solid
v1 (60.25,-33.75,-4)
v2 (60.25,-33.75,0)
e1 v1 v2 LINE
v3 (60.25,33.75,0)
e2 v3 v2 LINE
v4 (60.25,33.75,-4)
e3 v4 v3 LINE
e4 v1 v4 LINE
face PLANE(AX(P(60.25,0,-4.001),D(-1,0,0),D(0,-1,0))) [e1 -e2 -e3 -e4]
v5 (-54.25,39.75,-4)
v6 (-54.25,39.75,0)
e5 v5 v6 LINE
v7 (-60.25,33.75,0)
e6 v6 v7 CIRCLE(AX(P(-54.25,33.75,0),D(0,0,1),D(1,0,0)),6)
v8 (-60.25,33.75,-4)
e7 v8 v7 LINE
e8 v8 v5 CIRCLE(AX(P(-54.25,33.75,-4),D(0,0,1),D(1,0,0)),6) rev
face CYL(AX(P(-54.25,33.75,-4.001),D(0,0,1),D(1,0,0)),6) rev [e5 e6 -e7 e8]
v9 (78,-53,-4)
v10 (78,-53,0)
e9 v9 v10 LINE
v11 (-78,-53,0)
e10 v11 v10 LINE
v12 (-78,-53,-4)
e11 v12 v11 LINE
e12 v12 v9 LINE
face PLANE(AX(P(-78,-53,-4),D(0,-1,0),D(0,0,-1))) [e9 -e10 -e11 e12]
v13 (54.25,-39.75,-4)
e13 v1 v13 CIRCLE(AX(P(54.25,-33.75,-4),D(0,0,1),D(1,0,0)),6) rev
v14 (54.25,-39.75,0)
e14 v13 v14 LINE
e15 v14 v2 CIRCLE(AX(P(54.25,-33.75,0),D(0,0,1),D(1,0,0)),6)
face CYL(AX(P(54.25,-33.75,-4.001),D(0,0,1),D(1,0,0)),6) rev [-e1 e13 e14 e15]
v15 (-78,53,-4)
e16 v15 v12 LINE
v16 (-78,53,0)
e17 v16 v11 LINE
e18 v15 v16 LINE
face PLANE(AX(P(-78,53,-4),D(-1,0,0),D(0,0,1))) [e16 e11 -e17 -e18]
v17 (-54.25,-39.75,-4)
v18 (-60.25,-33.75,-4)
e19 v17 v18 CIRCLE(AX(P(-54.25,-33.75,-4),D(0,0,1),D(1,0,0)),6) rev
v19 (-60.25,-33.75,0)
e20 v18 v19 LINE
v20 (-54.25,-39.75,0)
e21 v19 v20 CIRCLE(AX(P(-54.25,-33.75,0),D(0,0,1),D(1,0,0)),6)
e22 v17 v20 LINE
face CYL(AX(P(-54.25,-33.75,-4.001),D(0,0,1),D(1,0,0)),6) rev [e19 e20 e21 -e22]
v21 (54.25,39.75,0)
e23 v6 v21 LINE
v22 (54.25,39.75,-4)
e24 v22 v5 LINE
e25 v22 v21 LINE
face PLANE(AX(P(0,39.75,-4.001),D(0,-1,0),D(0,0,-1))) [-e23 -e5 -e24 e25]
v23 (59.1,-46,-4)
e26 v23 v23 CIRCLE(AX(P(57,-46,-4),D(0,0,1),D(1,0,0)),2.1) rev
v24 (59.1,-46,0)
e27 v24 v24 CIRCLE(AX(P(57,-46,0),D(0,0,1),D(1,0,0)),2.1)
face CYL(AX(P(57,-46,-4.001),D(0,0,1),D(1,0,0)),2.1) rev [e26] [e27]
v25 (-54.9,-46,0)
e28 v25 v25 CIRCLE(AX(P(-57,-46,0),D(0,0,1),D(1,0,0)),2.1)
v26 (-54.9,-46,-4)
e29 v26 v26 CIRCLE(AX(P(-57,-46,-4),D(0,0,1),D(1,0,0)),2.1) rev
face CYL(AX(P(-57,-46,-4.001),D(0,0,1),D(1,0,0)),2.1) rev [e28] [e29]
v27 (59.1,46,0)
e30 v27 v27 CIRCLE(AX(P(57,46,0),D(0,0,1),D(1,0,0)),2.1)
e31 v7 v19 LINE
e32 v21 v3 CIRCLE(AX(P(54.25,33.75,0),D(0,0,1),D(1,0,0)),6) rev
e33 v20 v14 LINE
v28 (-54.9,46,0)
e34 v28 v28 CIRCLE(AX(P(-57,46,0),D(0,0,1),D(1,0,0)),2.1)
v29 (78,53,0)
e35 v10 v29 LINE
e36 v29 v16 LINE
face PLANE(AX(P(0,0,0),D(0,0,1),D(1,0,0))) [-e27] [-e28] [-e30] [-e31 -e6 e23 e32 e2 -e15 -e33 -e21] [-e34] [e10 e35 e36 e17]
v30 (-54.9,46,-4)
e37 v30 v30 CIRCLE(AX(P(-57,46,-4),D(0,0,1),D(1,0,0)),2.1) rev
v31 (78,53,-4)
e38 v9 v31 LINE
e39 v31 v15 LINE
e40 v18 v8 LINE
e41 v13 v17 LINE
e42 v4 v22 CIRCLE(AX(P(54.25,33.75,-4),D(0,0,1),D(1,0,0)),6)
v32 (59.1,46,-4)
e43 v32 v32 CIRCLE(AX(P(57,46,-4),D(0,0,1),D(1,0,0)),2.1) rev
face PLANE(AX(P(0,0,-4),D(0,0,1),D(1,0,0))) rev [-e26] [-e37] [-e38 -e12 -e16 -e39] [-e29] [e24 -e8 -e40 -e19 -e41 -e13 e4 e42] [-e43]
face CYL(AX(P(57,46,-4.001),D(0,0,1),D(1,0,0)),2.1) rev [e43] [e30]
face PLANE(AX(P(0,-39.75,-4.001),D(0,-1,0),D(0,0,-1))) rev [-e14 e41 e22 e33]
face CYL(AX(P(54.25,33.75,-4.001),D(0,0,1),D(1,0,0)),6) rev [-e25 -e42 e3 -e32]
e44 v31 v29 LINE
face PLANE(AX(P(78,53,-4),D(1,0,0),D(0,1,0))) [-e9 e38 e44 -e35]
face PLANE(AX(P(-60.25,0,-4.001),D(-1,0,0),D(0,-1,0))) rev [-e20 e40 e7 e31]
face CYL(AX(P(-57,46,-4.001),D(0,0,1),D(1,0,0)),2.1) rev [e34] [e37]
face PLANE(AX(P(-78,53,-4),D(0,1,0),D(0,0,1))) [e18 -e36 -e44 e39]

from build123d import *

# Parameters (mm, degrees)
SKETCH1_W           = 156
SKETCH1_H           = 106
BOSS_EXTRUDE1_DEPTH = 4
CUT_EXTRUDE1_REACH  = 96.387


with BuildPart() as part:
    # Sketch1 → Boss-Extrude1 (new body)
    with BuildSketch(Plane.XY):
        Rectangle(SKETCH1_W, SKETCH1_H)
    extrude(amount=-BOSS_EXTRUDE1_DEPTH)

    # Sketch2 → Cut-Extrude1 (cut, up to next)
    with BuildSketch(Plane.XY, mode=Mode.PRIVATE) as cut_extrude1_sk1:
        with BuildLine():
            ThreePointArc((60.25, 33.75), (59.373475383, 36.872498999), (57, 39.082682252))
            Line((57, 39.082682252), (57, -39.082682252))
            ThreePointArc((57, -39.082682252), (59.373475383, -36.872498999), (60.25, -33.75))
            Line((60.25, -33.75), (60.25, 33.75))
        make_face()
    cut_extrude1_tool1 = extrude(cut_extrude1_sk1.sketch, amount=-CUT_EXTRUDE1_REACH, mode=Mode.PRIVATE) & part.part
    # Sketch2 → Cut-Extrude1 (cut, up to next)
    with BuildSketch(Plane.XY, mode=Mode.PRIVATE) as cut_extrude1_sk2:
        with BuildLine():
            ThreePointArc((-54.25, 39.75), (-55.66490397, 39.580784403), (-57, 39.082682252))
            Line((-57, 39.082682252), (-57, -39.082682252))
            ThreePointArc((-57, -39.082682252), (-55.66490397, -39.580784403), (-54.25, -39.75))
            Line((-54.25, -39.75), (54.25, -39.75))
            ThreePointArc((54.25, -39.75), (55.66490397, -39.580784403), (57, -39.082682252))
            Line((57, -39.082682252), (57, 39.082682252))
            ThreePointArc((57, 39.082682252), (55.66490397, 39.580784403), (54.25, 39.75))
            Line((54.25, 39.75), (-54.25, 39.75))
        make_face()
    cut_extrude1_tool2 = extrude(cut_extrude1_sk2.sketch, amount=-CUT_EXTRUDE1_REACH, mode=Mode.PRIVATE) & part.part
    # Sketch2 → Cut-Extrude1 (cut, up to next)
    with BuildSketch(Plane.XY, mode=Mode.PRIVATE) as cut_extrude1_sk3:
        with BuildLine():
            Line((-57, -39.082682252), (-57, 39.082682252))
            ThreePointArc((-57, 39.082682252), (-59.373475383, 36.872498999), (-60.25, 33.75))
            Line((-60.25, 33.75), (-60.25, -33.75))
            ThreePointArc((-60.25, -33.75), (-59.373475383, -36.872498999), (-57, -39.082682252))
        make_face()
    cut_extrude1_tool3 = extrude(cut_extrude1_sk3.sketch, amount=-CUT_EXTRUDE1_REACH, mode=Mode.PRIVATE) & part.part
    # Sketch2 → Cut-Extrude1 (cut, up to next)
    with BuildSketch(Plane.XY, mode=Mode.PRIVATE) as cut_extrude1_sk4:
        with BuildLine():
            ThreePointArc((59.1, 46), (57, 48.1), (54.9, 46))
            Line((54.9, 46), (57, 46))
            Line((57, 46), (57, 43.9))
            ThreePointArc((57, 43.9), (58.48492424, 44.51507576), (59.1, 46))
        make_face()
    cut_extrude1_tool4 = extrude(cut_extrude1_sk4.sketch, amount=-CUT_EXTRUDE1_REACH, mode=Mode.PRIVATE) & part.part
    # Sketch2 → Cut-Extrude1 (cut, up to next)
    with BuildSketch(Plane.XY, mode=Mode.PRIVATE) as cut_extrude1_sk5:
        with BuildLine():
            Line((57, 46), (54.9, 46))
            ThreePointArc((54.9, 46), (55.51507576, 44.51507576), (57, 43.9))
            Line((57, 43.9), (57, 46))
        make_face()
    cut_extrude1_tool5 = extrude(cut_extrude1_sk5.sketch, amount=-CUT_EXTRUDE1_REACH, mode=Mode.PRIVATE) & part.part
    # Sketch2 → Cut-Extrude1 (cut, up to next)
    with BuildSketch(Plane.XY, mode=Mode.PRIVATE) as cut_extrude1_sk6:
        with BuildLine():
            ThreePointArc((59.1, 46), (57, 48.1), (54.9, 46))
            Line((54.9, 46), (57, 46))
            Line((57, 46), (57, 43.9))
            ThreePointArc((57, 43.9), (58.48492424, 44.51507576), (59.1, 46))
        make_face()
    cut_extrude1_tool6 = extrude(cut_extrude1_sk6.sketch, amount=-CUT_EXTRUDE1_REACH, mode=Mode.PRIVATE) & part.part
    # Sketch2 → Cut-Extrude1 (cut, up to next)
    with BuildSketch(Plane.XY, mode=Mode.PRIVATE) as cut_extrude1_sk7:
        with BuildLine():
            Line((57, 46), (54.9, 46))
            ThreePointArc((54.9, 46), (55.51507576, 44.51507576), (57, 43.9))
            Line((57, 43.9), (57, 46))
        make_face()
    cut_extrude1_tool7 = extrude(cut_extrude1_sk7.sketch, amount=-CUT_EXTRUDE1_REACH, mode=Mode.PRIVATE) & part.part
    # Sketch2 → Cut-Extrude1 (cut, up to next)
    with BuildSketch(Plane.XY, mode=Mode.PRIVATE) as cut_extrude1_sk8:
        with BuildLine():
            Line((-57, 43.9), (-57, 46))
            Line((-57, 46), (-54.9, 46))
            ThreePointArc((-54.9, 46), (-58.48492424, 47.48492424), (-57, 43.9))
        make_face()
    cut_extrude1_tool8 = extrude(cut_extrude1_sk8.sketch, amount=-CUT_EXTRUDE1_REACH, mode=Mode.PRIVATE) & part.part
    # Sketch2 → Cut-Extrude1 (cut, up to next)
    with BuildSketch(Plane.XY, mode=Mode.PRIVATE) as cut_extrude1_sk9:
        with BuildLine():
            Line((-54.9, 46), (-57, 46))
            Line((-57, 46), (-57, 43.9))
            ThreePointArc((-57, 43.9), (-55.51507576, 44.51507576), (-54.9, 46))
        make_face()
    cut_extrude1_tool9 = extrude(cut_extrude1_sk9.sketch, amount=-CUT_EXTRUDE1_REACH, mode=Mode.PRIVATE) & part.part
    # Sketch2 → Cut-Extrude1 (cut, up to next)
    with BuildSketch(Plane.XY, mode=Mode.PRIVATE) as cut_extrude1_sk10:
        with BuildLine():
            Line((-57, 43.9), (-57, 46))
            Line((-57, 46), (-54.9, 46))
            ThreePointArc((-54.9, 46), (-58.48492424, 47.48492424), (-57, 43.9))
        make_face()
    cut_extrude1_tool10 = extrude(cut_extrude1_sk10.sketch, amount=-CUT_EXTRUDE1_REACH, mode=Mode.PRIVATE) & part.part
    # Sketch2 → Cut-Extrude1 (cut, up to next)
    with BuildSketch(Plane.XY, mode=Mode.PRIVATE) as cut_extrude1_sk11:
        with BuildLine():
            Line((-54.9, 46), (-57, 46))
            Line((-57, 46), (-57, 43.9))
            ThreePointArc((-57, 43.9), (-55.51507576, 44.51507576), (-54.9, 46))
        make_face()
    cut_extrude1_tool11 = extrude(cut_extrude1_sk11.sketch, amount=-CUT_EXTRUDE1_REACH, mode=Mode.PRIVATE) & part.part
    # Sketch2 → Cut-Extrude1 (cut, up to next)
    with BuildSketch(Plane.XY, mode=Mode.PRIVATE) as cut_extrude1_sk12:
        with BuildLine():
            ThreePointArc((-54.9, -46), (-55.51507576, -44.51507576), (-57, -43.9))
            Line((-57, -43.9), (-57, -46))
            Line((-57, -46), (-54.9, -46))
        make_face()
    cut_extrude1_tool12 = extrude(cut_extrude1_sk12.sketch, amount=-CUT_EXTRUDE1_REACH, mode=Mode.PRIVATE) & part.part
    # Sketch2 → Cut-Extrude1 (cut, up to next)
    with BuildSketch(Plane.XY, mode=Mode.PRIVATE) as cut_extrude1_sk13:
        with BuildLine():
            Line((-57, -46), (-57, -43.9))
            ThreePointArc((-57, -43.9), (-58.48492424, -47.48492424), (-54.9, -46))
            Line((-54.9, -46), (-57, -46))
        make_face()
    cut_extrude1_tool13 = extrude(cut_extrude1_sk13.sketch, amount=-CUT_EXTRUDE1_REACH, mode=Mode.PRIVATE) & part.part
    # Sketch2 → Cut-Extrude1 (cut, up to next)
    with BuildSketch(Plane.XY, mode=Mode.PRIVATE) as cut_extrude1_sk14:
        with BuildLine():
            ThreePointArc((-54.9, -46), (-55.51507576, -44.51507576), (-57, -43.9))
            Line((-57, -43.9), (-57, -46))
            Line((-57, -46), (-54.9, -46))
        make_face()
    cut_extrude1_tool14 = extrude(cut_extrude1_sk14.sketch, amount=-CUT_EXTRUDE1_REACH, mode=Mode.PRIVATE) & part.part
    # Sketch2 → Cut-Extrude1 (cut, up to next)
    with BuildSketch(Plane.XY, mode=Mode.PRIVATE) as cut_extrude1_sk15:
        with BuildLine():
            Line((-57, -46), (-57, -43.9))
            ThreePointArc((-57, -43.9), (-58.48492424, -47.48492424), (-54.9, -46))
            Line((-54.9, -46), (-57, -46))
        make_face()
    cut_extrude1_tool15 = extrude(cut_extrude1_sk15.sketch, amount=-CUT_EXTRUDE1_REACH, mode=Mode.PRIVATE) & part.part
    # Sketch2 → Cut-Extrude1 (cut, up to next)
    with BuildSketch(Plane.XY, mode=Mode.PRIVATE) as cut_extrude1_sk16:
        with BuildLine():
            ThreePointArc((59.1, -46), (58.48492424, -44.51507576), (57, -43.9))
            Line((57, -43.9), (57, -46))
            Line((57, -46), (54.9, -46))
            ThreePointArc((54.9, -46), (57, -48.1), (59.1, -46))
        make_face()
    cut_extrude1_tool16 = extrude(cut_extrude1_sk16.sketch, amount=-CUT_EXTRUDE1_REACH, mode=Mode.PRIVATE) & part.part
    # Sketch2 → Cut-Extrude1 (cut, up to next)
    with BuildSketch(Plane.XY, mode=Mode.PRIVATE) as cut_extrude1_sk17:
        with BuildLine():
            Line((57, -46), (57, -43.9))
            ThreePointArc((57, -43.9), (55.51507576, -44.51507576), (54.9, -46))
            Line((54.9, -46), (57, -46))
        make_face()
    cut_extrude1_tool17 = extrude(cut_extrude1_sk17.sketch, amount=-CUT_EXTRUDE1_REACH, mode=Mode.PRIVATE) & part.part
    # Sketch2 → Cut-Extrude1 (cut, up to next)
    with BuildSketch(Plane.XY, mode=Mode.PRIVATE) as cut_extrude1_sk18:
        with BuildLine():
            ThreePointArc((59.1, -46), (58.48492424, -44.51507576), (57, -43.9))
            Line((57, -43.9), (57, -46))
            Line((57, -46), (54.9, -46))
            ThreePointArc((54.9, -46), (57, -48.1), (59.1, -46))
        make_face()
    cut_extrude1_tool18 = extrude(cut_extrude1_sk18.sketch, amount=-CUT_EXTRUDE1_REACH, mode=Mode.PRIVATE) & part.part
    # Sketch2 → Cut-Extrude1 (cut, up to next)
    with BuildSketch(Plane.XY, mode=Mode.PRIVATE) as cut_extrude1_sk19:
        with BuildLine():
            Line((57, -46), (57, -43.9))
            ThreePointArc((57, -43.9), (55.51507576, -44.51507576), (54.9, -46))
            Line((54.9, -46), (57, -46))
        make_face()
    cut_extrude1_tool19 = extrude(cut_extrude1_sk19.sketch, amount=-CUT_EXTRUDE1_REACH, mode=Mode.PRIVATE) & part.part
    add(cut_extrude1_tool1.solids().sort_by_distance((58.595694, 0, 0))[0], mode=Mode.SUBTRACT)
    add(cut_extrude1_tool2.solids().sort_by_distance((0, 0, 0))[0], mode=Mode.SUBTRACT)
    add(cut_extrude1_tool3.solids().sort_by_distance((-58.595694, 0, 0))[0], mode=Mode.SUBTRACT)
    add(cut_extrude1_tool4.solids().sort_by_distance((57.297089, 46.297089, 0))[0], mode=Mode.SUBTRACT)
    add(cut_extrude1_tool5.solids().sort_by_distance((56.108732, 45.108732, 0))[0], mode=Mode.SUBTRACT)
    add(cut_extrude1_tool6.solids().sort_by_distance((57.297089, 46.297089, 0))[0], mode=Mode.SUBTRACT)
    add(cut_extrude1_tool7.solids().sort_by_distance((56.108732, 45.108732, 0))[0], mode=Mode.SUBTRACT)
    add(cut_extrude1_tool8.solids().sort_by_distance((-57.297089, 46.297089, 0))[0], mode=Mode.SUBTRACT)
    add(cut_extrude1_tool9.solids().sort_by_distance((-56.108732, 45.108732, 0))[0], mode=Mode.SUBTRACT)
    add(cut_extrude1_tool10.solids().sort_by_distance((-57.297089, 46.297089, 0))[0], mode=Mode.SUBTRACT)
    add(cut_extrude1_tool11.solids().sort_by_distance((-56.108732, 45.108732, 0))[0], mode=Mode.SUBTRACT)
    add(cut_extrude1_tool12.solids().sort_by_distance((-56.108732, -45.108732, 0))[0], mode=Mode.SUBTRACT)
    add(cut_extrude1_tool13.solids().sort_by_distance((-57.297089, -46.297089, 0))[0], mode=Mode.SUBTRACT)
    add(cut_extrude1_tool14.solids().sort_by_distance((-56.108732, -45.108732, 0))[0], mode=Mode.SUBTRACT)
    add(cut_extrude1_tool15.solids().sort_by_distance((-57.297089, -46.297089, 0))[0], mode=Mode.SUBTRACT)
    add(cut_extrude1_tool16.solids().sort_by_distance((57.297089, -46.297089, 0))[0], mode=Mode.SUBTRACT)
    add(cut_extrude1_tool17.solids().sort_by_distance((56.108732, -45.108732, 0))[0], mode=Mode.SUBTRACT)
    add(cut_extrude1_tool18.solids().sort_by_distance((57.297089, -46.297089, 0))[0], mode=Mode.SUBTRACT)
    add(cut_extrude1_tool19.solids().sort_by_distance((56.108732, -45.108732, 0))[0], mode=Mode.SUBTRACT)


solid = part.part
